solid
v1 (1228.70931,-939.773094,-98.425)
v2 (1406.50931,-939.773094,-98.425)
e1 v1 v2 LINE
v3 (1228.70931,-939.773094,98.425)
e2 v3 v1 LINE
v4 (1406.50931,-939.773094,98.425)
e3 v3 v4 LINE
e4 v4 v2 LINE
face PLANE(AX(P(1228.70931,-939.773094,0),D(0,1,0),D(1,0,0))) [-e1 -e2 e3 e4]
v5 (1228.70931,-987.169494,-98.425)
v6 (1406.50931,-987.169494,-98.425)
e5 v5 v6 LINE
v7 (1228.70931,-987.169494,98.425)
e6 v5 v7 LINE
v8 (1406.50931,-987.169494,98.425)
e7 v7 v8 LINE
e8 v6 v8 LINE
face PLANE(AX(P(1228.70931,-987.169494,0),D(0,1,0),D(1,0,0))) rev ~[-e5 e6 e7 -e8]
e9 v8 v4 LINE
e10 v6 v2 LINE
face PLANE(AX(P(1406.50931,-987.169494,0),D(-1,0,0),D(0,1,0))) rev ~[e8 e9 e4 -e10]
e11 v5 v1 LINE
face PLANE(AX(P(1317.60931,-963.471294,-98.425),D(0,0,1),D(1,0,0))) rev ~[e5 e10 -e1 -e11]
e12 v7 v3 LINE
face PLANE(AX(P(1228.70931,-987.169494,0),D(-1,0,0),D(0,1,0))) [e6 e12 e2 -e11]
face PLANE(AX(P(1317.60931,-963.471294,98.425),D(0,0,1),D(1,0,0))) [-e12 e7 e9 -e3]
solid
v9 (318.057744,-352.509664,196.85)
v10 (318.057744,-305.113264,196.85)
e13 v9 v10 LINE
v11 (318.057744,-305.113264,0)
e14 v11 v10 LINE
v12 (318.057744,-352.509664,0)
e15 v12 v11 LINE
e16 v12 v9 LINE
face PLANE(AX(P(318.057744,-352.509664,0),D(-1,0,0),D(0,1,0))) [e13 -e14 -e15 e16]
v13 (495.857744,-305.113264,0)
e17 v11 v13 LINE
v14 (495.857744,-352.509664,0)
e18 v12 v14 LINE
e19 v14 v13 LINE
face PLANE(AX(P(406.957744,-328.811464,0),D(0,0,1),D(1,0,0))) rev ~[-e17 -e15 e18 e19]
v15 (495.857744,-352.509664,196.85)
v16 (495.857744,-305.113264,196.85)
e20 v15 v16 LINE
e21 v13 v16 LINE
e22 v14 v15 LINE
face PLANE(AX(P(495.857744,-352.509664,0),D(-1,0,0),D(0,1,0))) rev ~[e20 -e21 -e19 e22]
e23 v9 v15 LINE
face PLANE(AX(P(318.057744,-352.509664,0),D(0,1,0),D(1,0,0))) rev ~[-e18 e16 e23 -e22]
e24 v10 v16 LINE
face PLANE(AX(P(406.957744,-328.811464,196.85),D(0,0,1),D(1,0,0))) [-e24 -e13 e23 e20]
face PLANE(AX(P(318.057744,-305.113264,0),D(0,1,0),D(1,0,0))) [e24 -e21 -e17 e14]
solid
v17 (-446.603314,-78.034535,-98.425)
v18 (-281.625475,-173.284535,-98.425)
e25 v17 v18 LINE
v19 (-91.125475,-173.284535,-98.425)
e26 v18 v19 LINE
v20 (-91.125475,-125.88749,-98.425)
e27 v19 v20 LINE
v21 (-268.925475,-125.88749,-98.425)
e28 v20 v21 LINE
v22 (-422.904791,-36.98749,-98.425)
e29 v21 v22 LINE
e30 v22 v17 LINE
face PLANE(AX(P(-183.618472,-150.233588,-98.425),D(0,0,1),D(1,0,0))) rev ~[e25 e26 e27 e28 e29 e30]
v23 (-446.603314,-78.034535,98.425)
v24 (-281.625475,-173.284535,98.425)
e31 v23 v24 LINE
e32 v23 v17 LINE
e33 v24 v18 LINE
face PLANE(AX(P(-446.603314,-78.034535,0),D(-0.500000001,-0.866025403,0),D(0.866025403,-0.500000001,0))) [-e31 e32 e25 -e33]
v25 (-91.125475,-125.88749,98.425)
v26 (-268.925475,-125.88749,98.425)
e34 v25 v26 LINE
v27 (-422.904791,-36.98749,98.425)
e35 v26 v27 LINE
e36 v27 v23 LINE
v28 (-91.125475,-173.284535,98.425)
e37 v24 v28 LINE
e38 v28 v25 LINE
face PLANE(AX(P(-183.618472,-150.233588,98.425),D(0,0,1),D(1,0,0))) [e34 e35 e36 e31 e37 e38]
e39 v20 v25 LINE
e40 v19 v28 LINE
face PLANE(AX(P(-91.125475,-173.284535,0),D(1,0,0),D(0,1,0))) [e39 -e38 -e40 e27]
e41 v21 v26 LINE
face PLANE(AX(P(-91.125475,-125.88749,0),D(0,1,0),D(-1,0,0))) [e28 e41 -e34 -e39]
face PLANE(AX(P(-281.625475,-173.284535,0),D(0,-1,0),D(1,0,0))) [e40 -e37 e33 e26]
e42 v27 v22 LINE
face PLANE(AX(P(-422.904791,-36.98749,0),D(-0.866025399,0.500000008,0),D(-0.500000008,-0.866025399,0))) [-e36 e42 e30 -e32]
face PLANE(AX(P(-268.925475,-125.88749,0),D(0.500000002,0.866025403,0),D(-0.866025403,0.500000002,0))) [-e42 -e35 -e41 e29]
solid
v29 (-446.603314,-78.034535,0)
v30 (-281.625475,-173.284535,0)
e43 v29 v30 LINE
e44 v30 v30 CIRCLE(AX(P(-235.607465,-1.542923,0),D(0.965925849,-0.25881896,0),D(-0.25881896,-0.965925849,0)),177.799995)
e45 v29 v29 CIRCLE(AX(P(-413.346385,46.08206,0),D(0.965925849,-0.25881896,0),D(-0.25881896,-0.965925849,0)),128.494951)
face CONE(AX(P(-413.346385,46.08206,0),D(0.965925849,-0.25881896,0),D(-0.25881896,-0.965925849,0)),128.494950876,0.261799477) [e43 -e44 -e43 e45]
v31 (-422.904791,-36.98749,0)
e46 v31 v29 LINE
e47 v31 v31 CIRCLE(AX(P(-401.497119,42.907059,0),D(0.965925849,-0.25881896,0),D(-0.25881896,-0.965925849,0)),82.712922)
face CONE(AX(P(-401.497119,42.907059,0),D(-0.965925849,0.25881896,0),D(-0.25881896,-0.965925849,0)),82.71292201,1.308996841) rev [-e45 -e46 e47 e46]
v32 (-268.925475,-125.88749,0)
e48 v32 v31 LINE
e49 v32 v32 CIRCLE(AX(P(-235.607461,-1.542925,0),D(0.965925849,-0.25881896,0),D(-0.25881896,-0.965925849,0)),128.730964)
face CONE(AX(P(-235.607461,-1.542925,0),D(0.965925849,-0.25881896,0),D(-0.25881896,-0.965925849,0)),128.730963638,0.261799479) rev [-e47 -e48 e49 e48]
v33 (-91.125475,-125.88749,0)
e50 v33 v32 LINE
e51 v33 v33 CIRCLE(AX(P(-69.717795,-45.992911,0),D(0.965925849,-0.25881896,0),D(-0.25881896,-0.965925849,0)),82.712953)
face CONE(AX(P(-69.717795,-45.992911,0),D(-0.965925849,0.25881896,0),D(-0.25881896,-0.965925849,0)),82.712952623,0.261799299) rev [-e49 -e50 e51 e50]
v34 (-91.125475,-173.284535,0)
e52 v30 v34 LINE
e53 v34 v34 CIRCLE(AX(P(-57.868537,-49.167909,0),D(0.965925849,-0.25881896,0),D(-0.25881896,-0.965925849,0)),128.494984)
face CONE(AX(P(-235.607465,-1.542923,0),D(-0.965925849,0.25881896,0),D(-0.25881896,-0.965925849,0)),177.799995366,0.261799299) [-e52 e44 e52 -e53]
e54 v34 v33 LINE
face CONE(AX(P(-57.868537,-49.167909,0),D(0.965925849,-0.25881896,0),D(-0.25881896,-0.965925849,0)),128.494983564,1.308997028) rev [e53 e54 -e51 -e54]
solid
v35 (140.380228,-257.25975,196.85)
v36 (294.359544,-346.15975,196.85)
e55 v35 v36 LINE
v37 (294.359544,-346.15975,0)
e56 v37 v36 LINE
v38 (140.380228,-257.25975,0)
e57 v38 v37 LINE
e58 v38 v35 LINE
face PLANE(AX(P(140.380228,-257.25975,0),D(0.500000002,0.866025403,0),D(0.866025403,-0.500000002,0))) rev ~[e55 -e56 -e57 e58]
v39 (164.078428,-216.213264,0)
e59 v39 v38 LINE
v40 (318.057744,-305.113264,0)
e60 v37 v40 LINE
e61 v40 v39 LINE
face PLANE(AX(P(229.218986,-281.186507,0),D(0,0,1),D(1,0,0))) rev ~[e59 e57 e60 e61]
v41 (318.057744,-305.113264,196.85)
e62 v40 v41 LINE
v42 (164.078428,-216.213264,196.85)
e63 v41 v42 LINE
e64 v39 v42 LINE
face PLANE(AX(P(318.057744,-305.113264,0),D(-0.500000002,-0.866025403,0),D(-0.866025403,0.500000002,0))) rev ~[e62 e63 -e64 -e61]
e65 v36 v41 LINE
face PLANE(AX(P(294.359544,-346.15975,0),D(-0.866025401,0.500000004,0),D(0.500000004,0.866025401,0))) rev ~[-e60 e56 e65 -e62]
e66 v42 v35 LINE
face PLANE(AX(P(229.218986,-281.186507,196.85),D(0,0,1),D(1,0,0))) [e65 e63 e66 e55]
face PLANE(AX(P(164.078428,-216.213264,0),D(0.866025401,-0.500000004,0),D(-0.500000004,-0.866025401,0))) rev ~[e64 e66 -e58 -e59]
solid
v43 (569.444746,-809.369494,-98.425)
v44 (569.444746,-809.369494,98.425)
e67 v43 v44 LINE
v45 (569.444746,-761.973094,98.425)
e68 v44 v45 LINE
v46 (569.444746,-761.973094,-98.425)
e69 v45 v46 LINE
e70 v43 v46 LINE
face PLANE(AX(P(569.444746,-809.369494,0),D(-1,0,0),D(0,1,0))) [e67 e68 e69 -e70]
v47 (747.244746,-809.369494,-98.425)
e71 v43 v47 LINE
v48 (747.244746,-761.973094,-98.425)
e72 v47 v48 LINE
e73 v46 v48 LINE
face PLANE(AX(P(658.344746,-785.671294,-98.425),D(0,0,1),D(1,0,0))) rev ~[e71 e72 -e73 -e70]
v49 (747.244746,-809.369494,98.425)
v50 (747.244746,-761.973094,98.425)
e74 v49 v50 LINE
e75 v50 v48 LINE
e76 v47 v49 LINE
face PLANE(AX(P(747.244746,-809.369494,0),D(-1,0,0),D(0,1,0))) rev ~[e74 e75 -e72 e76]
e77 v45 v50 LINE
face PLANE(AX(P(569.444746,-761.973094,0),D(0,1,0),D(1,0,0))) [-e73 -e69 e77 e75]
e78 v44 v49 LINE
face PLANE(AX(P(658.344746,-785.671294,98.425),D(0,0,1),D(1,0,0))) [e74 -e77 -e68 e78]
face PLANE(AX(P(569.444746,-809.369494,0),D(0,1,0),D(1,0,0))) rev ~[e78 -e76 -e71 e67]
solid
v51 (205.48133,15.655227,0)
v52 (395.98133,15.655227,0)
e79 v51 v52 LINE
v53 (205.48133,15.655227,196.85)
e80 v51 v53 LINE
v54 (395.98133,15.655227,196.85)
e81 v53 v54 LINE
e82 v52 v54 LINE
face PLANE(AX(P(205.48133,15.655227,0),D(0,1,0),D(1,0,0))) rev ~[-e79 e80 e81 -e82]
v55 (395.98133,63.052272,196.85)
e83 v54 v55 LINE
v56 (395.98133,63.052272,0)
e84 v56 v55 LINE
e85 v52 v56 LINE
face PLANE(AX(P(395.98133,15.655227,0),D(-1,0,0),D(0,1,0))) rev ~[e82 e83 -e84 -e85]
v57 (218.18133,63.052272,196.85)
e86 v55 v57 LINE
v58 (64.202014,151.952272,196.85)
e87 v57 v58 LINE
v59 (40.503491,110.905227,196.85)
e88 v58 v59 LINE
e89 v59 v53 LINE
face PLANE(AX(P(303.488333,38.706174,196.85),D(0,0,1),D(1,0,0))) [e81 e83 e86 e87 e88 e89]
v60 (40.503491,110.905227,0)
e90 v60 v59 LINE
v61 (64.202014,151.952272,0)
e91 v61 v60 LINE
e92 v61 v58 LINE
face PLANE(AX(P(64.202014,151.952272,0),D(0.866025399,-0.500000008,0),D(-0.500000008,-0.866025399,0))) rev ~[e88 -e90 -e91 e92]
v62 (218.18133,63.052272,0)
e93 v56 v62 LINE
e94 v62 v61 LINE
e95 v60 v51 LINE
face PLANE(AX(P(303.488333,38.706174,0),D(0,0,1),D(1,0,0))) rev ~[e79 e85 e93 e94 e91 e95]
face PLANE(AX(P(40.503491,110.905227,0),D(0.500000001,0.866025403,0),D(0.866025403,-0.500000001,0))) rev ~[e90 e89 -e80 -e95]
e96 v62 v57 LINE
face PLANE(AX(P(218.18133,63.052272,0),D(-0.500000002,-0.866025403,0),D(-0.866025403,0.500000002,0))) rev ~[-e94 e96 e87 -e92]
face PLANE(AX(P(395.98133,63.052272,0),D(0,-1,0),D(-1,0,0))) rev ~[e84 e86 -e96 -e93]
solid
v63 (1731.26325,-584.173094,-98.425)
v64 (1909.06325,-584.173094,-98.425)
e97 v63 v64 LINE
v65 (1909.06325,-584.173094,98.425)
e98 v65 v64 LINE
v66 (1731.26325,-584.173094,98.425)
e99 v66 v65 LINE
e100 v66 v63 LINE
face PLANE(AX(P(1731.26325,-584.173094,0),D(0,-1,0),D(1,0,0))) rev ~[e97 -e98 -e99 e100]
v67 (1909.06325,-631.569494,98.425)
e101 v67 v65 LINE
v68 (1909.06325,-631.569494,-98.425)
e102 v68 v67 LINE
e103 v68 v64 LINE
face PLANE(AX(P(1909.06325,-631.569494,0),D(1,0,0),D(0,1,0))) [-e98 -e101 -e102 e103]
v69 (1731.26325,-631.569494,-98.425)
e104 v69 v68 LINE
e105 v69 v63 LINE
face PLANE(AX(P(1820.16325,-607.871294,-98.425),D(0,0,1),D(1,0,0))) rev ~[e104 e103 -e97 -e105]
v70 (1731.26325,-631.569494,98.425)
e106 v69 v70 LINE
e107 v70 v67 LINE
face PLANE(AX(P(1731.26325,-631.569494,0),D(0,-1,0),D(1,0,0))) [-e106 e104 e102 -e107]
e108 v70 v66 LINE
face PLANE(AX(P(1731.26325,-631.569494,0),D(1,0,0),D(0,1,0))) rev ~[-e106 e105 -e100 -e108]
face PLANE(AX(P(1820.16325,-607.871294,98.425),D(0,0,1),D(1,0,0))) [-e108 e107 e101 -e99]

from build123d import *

# Parameters (mm, degrees)
F1_DEPTH = 196.85
F0_W     = 177.8
F0_H     = 47.3964
F3_DEPTH = 196.85
F4_W     = 177.8
F4_H     = 47.3964
F5_DEPTH = 98.425
F6_DEPTH = 98.425


with BuildPart() as f1:
    # F0 (on Top) → F1 (new body)
    with BuildSketch(Plane.XY):
        Polygon((218.18133, 63.052272), (205.48133, 15.655227), (395.98133, 15.655227), (395.98133, 63.052272), align=None)
        Polygon((40.503491, 110.905227), (205.48133, 15.655227), (218.18133, 63.052272), (64.202014, 151.952272), align=None)
    extrude(amount=F1_DEPTH)


with BuildPart() as f2:
    # F0 (on Top) → F2 (revolve)
    with BuildSketch(Plane.XY):
        Polygon((-446.603314, -78.034535), (-281.625475, -173.284535), (-268.925475, -125.88749), (-422.904791, -36.98749), align=None)
        Polygon((-268.925475, -125.88749), (-281.625475, -173.284535), (-91.125475, -173.284535), (-91.125475, -125.88749), align=None)
    revolve(axis=Axis((-189.536265, -13.88766, 0), (0.965926, -0.258819, 0)))


with BuildPart() as f3:
    # F0 (on Top) → F3 (new body)
    with BuildSketch(Plane.XY):
        Polygon((294.359544, -346.15975), (318.057744, -305.113264), (164.078428, -216.213264), (140.380228, -257.25975), align=None)
        with Locations((406.957744, -328.811464)):
            Rectangle(F0_W, F0_H)
    extrude(amount=F3_DEPTH)


with BuildPart() as f5:
    # F4 (on Top) → F5 (new body, symmetric)
    with BuildSketch(Plane.XY):
        with Locations((1317.60931, -963.471294)):
            Rectangle(F4_W, F4_H)
        with Locations((658.344746, -785.671294)):
            Rectangle(F4_W, F4_H)
        with Locations((1820.16325, -607.871294)):
            Rectangle(F4_W, F4_H)
    extrude(amount=F5_DEPTH, both=True)


with BuildPart() as f6:
    # F0 (on Top) → F6 (new body, symmetric)
    with BuildSketch(Plane.XY):
        Polygon((-268.925475, -125.88749), (-281.625475, -173.284535), (-91.125475, -173.284535), (-91.125475, -125.88749), align=None)
        Polygon((-446.603314, -78.034535), (-281.625475, -173.284535), (-268.925475, -125.88749), (-422.904791, -36.98749), align=None)
    extrude(amount=F6_DEPTH, both=True)


solid = Compound([f1.part, f2.part, f3.part, f5.part, f6.part])
